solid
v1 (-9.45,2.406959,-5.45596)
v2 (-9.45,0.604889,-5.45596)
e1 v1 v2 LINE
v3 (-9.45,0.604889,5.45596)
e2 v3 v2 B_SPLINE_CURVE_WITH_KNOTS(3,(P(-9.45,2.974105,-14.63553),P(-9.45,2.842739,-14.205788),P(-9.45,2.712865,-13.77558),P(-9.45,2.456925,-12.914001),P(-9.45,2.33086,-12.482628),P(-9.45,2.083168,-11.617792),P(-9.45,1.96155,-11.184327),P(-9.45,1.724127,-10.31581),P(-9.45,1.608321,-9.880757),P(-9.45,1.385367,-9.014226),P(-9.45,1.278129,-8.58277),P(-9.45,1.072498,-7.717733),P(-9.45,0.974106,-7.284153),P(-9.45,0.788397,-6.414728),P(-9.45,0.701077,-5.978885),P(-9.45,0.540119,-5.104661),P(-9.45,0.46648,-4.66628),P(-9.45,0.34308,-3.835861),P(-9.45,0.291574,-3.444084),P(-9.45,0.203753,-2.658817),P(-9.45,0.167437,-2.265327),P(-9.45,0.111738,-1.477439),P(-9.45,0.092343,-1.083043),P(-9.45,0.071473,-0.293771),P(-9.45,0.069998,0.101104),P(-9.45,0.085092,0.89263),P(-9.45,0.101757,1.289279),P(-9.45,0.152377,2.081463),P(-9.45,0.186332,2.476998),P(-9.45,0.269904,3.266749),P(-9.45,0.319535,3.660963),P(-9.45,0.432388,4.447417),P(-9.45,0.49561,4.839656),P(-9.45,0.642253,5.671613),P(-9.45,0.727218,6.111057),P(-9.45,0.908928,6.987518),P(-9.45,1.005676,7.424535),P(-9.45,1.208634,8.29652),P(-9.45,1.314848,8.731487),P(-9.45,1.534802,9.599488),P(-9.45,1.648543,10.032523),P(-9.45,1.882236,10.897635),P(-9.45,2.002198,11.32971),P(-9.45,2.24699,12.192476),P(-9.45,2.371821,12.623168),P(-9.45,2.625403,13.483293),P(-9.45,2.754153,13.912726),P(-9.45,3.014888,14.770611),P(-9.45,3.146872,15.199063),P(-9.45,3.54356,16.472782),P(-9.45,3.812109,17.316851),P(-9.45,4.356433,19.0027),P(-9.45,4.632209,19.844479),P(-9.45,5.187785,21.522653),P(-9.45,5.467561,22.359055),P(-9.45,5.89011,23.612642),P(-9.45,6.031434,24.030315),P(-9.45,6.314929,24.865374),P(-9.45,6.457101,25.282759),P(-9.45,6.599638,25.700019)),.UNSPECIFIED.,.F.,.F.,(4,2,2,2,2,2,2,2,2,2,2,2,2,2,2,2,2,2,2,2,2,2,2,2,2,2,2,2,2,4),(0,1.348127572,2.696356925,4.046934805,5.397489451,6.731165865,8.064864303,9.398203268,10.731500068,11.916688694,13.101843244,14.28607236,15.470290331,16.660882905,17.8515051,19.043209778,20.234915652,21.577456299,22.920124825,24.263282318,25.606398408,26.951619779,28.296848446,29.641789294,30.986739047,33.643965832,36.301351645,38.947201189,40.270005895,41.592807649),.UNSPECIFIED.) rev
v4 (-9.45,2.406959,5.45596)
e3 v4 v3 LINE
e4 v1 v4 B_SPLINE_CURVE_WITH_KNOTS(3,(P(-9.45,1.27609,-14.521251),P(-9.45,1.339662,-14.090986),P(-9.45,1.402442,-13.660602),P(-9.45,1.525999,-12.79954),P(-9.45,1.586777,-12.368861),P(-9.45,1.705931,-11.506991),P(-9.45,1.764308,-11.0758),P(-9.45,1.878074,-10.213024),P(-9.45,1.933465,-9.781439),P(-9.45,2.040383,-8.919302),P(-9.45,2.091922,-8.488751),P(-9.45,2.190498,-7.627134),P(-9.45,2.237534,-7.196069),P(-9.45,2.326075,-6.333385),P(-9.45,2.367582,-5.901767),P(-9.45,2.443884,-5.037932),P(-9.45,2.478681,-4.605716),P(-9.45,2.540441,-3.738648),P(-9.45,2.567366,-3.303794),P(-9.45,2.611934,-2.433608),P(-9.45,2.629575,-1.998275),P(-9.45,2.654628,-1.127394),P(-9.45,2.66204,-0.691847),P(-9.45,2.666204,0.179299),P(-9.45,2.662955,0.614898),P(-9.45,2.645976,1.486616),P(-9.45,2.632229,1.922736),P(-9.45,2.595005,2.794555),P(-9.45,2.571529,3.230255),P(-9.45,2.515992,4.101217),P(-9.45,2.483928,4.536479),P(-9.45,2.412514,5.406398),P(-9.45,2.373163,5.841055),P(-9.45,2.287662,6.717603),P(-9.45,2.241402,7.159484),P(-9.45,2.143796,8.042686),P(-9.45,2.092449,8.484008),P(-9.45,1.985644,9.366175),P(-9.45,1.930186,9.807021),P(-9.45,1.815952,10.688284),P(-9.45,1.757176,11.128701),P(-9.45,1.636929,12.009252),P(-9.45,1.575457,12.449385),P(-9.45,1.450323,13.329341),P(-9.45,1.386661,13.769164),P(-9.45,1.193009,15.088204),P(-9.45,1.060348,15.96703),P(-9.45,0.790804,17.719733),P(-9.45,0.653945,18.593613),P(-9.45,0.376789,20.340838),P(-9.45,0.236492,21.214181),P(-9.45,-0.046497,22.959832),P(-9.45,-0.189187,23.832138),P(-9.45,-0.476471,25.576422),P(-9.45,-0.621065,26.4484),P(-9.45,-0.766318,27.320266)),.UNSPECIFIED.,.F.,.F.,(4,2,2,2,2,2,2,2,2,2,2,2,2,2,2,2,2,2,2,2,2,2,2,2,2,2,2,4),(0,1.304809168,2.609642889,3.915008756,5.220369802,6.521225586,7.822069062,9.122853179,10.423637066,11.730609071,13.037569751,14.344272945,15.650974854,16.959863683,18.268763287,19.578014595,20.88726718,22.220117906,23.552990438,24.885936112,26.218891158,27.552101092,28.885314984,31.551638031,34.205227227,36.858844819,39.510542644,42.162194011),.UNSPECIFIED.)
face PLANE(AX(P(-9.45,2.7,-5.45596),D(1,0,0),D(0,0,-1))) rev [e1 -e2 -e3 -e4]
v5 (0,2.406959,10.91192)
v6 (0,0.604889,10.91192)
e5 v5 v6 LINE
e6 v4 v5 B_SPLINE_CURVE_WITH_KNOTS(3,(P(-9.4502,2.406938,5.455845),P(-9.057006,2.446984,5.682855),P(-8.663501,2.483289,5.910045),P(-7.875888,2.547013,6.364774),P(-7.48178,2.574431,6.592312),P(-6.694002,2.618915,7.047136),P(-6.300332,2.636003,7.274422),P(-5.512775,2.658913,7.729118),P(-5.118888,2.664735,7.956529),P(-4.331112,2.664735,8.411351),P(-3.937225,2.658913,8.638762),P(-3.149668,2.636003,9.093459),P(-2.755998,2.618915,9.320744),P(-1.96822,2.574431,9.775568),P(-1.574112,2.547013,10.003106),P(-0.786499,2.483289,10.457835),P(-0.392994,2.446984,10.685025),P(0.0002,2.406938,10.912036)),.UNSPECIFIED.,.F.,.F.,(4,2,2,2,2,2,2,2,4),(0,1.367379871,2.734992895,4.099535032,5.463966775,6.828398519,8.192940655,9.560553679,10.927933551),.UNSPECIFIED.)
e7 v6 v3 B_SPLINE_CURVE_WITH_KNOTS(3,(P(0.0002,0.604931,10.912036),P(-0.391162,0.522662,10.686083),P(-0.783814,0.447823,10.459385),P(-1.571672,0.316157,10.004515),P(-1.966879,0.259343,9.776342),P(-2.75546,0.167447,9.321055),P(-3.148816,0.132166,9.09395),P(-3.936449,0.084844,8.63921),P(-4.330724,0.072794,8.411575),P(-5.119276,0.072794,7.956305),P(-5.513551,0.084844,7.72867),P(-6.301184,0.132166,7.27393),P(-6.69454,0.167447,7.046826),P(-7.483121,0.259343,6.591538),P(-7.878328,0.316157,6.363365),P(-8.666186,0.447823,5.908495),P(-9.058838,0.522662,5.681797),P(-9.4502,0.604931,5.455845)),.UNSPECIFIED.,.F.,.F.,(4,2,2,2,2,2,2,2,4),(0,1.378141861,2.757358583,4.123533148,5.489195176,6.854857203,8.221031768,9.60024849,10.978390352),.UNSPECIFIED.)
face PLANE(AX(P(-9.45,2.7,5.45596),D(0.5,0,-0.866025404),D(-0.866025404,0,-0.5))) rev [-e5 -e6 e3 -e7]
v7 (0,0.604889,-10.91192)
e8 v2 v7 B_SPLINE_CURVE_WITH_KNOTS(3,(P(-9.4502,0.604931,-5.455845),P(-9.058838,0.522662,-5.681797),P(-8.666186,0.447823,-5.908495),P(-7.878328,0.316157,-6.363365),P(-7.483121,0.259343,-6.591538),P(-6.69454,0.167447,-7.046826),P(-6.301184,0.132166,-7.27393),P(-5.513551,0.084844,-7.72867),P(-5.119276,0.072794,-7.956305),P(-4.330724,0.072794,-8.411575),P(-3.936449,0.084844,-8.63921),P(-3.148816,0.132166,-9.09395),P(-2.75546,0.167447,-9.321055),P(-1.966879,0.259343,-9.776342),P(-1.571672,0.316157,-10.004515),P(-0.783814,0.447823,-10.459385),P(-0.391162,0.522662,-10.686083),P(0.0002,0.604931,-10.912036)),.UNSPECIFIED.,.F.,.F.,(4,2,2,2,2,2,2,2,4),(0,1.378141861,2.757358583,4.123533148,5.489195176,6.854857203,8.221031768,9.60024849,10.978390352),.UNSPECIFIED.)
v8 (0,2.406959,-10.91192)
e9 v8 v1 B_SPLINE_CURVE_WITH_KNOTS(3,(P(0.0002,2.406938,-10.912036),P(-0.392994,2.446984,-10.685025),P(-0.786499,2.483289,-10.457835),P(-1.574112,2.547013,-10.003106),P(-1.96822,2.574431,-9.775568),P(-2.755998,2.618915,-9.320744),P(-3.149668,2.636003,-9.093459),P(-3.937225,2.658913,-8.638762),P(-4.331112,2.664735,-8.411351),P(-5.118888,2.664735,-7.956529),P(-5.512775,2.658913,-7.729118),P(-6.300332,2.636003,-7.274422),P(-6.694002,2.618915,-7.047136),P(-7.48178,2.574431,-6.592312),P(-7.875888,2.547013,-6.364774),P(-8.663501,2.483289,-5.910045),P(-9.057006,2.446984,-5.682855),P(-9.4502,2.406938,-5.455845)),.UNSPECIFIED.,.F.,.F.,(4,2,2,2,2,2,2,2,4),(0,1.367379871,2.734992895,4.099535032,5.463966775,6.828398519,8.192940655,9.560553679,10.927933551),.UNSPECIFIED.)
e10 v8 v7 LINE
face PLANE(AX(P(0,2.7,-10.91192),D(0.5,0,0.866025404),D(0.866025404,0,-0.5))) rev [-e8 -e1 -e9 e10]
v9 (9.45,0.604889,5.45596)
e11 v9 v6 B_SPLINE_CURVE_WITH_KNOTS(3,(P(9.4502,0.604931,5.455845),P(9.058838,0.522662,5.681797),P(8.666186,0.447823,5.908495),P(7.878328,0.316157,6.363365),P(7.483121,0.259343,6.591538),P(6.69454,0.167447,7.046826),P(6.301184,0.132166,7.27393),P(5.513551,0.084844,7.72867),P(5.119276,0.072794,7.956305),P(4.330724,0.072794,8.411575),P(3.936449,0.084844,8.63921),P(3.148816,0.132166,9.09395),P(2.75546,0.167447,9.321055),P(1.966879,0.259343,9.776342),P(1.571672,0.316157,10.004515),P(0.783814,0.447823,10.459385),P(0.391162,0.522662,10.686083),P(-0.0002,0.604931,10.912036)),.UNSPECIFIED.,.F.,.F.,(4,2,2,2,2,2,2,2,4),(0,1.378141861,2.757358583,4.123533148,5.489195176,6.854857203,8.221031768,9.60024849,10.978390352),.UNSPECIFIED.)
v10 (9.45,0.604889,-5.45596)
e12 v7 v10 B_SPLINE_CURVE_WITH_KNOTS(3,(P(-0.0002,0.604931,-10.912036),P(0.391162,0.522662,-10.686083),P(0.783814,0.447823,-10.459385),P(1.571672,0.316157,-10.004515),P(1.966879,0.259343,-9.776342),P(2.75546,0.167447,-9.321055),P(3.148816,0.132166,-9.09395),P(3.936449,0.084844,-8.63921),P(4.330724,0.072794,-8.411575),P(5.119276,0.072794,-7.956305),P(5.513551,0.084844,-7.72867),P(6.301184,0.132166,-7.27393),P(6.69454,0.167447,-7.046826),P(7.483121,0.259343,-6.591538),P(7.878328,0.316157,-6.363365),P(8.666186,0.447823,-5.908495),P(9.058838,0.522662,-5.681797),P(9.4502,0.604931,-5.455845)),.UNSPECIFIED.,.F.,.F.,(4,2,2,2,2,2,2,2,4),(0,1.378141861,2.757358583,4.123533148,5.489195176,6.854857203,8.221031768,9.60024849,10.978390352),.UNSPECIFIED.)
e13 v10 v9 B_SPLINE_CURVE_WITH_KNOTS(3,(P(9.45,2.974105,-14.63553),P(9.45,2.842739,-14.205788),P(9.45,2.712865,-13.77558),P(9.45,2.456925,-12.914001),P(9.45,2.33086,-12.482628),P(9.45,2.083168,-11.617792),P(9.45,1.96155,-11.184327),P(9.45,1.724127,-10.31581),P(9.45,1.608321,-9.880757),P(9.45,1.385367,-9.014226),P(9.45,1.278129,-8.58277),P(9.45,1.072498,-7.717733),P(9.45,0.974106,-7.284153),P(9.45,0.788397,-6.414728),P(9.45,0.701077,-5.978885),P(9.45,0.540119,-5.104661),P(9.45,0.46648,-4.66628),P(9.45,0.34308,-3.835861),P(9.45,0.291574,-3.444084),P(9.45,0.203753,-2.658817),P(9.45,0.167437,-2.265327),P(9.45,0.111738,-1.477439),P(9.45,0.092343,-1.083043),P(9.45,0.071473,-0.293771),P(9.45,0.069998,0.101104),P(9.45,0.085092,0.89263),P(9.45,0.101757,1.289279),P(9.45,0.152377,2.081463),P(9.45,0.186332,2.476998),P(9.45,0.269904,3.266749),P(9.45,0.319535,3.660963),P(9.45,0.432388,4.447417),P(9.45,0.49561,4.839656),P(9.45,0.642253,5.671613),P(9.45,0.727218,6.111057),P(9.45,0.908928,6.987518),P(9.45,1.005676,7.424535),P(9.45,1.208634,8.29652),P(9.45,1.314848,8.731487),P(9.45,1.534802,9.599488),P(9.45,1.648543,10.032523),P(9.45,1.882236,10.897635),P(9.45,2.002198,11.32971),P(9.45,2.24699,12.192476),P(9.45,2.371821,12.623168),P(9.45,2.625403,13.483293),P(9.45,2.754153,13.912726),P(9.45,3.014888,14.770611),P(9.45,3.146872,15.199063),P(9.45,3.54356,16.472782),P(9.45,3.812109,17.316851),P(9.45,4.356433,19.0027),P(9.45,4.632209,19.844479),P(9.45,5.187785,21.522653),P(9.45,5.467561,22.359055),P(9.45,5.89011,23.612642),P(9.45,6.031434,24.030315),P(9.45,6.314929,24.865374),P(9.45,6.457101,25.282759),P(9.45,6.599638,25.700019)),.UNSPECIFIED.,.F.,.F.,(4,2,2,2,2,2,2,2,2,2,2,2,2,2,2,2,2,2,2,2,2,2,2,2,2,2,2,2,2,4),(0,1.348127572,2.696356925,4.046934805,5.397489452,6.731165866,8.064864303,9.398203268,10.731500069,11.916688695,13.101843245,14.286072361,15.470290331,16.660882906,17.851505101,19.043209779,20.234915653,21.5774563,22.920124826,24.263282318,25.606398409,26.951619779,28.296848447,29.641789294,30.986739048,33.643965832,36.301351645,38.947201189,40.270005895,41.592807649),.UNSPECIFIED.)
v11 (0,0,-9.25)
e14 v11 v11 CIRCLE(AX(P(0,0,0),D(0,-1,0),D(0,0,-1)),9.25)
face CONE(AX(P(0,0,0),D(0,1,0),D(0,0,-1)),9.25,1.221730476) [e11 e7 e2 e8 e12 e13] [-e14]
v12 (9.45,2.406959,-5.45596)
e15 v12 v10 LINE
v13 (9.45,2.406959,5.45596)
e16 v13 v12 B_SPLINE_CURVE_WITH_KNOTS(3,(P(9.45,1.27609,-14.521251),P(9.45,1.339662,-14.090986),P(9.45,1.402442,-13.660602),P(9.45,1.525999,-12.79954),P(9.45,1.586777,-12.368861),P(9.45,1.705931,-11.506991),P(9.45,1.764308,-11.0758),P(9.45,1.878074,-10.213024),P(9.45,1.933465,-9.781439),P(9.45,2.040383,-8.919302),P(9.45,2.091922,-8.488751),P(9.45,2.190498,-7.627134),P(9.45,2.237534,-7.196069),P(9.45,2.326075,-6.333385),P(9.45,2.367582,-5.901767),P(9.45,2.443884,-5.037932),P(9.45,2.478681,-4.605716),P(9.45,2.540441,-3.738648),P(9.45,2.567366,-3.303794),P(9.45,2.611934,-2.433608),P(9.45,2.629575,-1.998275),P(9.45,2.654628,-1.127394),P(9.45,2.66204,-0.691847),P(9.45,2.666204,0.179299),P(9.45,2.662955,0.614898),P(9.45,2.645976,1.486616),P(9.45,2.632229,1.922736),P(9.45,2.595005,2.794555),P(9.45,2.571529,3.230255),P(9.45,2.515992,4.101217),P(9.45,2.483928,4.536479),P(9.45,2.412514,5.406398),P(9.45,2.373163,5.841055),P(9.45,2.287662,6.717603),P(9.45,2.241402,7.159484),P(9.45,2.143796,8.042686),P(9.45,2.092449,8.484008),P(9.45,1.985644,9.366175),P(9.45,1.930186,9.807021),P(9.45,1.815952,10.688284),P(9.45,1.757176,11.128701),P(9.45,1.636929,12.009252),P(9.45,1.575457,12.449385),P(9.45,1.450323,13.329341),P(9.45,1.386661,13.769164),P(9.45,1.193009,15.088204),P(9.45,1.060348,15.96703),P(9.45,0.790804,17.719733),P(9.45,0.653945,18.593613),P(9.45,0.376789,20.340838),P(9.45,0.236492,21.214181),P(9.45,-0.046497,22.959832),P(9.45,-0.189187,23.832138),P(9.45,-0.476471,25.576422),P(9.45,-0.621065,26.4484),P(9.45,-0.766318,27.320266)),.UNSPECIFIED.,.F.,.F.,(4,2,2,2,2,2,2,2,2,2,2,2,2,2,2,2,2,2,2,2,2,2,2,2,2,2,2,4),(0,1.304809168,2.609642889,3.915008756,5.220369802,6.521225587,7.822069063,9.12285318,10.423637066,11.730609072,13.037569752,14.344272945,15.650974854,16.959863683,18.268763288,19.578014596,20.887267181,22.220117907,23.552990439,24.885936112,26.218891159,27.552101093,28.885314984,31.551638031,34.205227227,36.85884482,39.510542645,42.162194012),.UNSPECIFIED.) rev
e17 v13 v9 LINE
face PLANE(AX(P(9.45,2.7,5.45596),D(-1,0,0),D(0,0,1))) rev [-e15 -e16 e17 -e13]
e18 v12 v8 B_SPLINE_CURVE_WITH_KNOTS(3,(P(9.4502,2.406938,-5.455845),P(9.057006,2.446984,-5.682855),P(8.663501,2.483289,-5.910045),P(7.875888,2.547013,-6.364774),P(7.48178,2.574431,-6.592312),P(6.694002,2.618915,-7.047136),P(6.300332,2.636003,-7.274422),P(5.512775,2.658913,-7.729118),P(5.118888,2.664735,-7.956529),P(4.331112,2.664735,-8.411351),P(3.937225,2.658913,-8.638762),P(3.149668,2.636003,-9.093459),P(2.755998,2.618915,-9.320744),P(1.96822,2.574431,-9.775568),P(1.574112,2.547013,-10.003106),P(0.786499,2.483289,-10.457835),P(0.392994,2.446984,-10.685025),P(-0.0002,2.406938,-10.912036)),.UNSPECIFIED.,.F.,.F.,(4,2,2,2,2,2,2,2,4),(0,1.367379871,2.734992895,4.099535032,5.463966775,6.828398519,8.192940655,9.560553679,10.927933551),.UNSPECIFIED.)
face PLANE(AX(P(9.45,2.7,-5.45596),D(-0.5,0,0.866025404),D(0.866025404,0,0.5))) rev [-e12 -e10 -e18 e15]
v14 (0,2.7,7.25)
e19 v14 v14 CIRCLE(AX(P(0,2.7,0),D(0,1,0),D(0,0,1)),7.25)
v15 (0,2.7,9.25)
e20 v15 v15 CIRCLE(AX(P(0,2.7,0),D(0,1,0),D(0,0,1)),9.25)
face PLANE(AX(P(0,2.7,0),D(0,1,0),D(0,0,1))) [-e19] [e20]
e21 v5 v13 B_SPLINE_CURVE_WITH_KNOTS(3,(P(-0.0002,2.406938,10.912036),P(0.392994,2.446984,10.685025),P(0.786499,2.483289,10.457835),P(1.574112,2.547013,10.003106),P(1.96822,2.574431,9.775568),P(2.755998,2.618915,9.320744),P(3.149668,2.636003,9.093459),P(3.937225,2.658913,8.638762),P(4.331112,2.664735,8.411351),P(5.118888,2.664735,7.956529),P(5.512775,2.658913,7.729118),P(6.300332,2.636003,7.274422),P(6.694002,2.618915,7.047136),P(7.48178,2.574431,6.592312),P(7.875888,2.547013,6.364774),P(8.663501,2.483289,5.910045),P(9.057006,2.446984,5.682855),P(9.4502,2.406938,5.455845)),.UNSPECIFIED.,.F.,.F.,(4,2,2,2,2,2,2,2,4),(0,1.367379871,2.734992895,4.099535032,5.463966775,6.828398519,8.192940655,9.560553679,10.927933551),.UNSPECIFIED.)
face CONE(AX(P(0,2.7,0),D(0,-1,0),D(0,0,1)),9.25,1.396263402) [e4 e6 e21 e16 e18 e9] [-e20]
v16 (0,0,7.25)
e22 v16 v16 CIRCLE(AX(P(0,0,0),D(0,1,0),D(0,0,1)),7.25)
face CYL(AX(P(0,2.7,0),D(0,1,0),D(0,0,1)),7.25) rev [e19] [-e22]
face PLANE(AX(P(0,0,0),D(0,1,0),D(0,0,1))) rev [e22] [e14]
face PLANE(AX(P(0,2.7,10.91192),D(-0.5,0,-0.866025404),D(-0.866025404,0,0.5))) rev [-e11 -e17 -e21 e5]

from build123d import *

# Parameters (mm, degrees)
SALIENTE_EXTRUIR1_DEPTH        = 2.7
CROQUIS2_OUTSIDE_W             = 57.324
CROQUIS2_OUTSIDE_H             = 60.248
CROQUIS2_OUTSIDE_R             = 9.25
CORTAR_EXTRUIR1_DEPTH          = 2.7
CORTAR_EXTRUIR1_DRAFT          = -80
CROQUIS3_OUTSIDE_W             = 41.536
CROQUIS3_OUTSIDE_H             = 44.46
CROQUIS3_OUTSIDE_R             = 9.25
CORTAR_EXTRUIR2_DEPTH          = 2.7
CORTAR_EXTRUIR2_DRAFT          = -70
TALADRO_ROSCADO_M16X1_51_D     = 14.5
TALADRO_ROSCADO_M16X1_51_DEPTH = 39.5
TALADRO_ROSCADO_M16X1_51_TIP   = 4.356239488


with BuildPart() as part:
    # Croquis1 → Saliente-Extruir1 (new body)
    with BuildSketch(Plane(origin=(0, 0, 0), x_dir=(1, 0, 0), z_dir=(0, 1, 0))):
        Polygon((0, -10.911920088), (9.45, -5.455960044), (9.45, 5.455960044), (0, 10.911920088), (-9.45, 5.455960044), (-9.45, -5.455960044), align=None)
    extrude(amount=SALIENTE_EXTRUIR1_DEPTH)


with BuildPart() as cortar_extruir1_tool:
    # Croquis2 outside → Cortar-Extruir1 (with draft: the straight prism first)
    with BuildSketch(Plane(origin=(0, 2.7, 0), x_dir=(1, 0, 0), z_dir=(0, 1, 0))):
        Rectangle(CROQUIS2_OUTSIDE_W, CROQUIS2_OUTSIDE_H)
        Circle(CROQUIS2_OUTSIDE_R, mode=Mode.SUBTRACT)
    extrude(amount=-CORTAR_EXTRUIR1_DEPTH)
    # Cortar-Extruir1: the draft: its side faces are tilted about the plane it starts from
    cortar_extruir1_sides = [cortar_extruir1_tool.faces().sort_by_distance(p)[0] for p in [
        (0, 1.35, 30.124),
        (28.662, 1.35, 0),
        (0, 1.35, -30.124),
        (-28.662, 1.35, 0),
        (-9.25, 1.35, 0),
    ]]
    draft(cortar_extruir1_sides, Plane(origin=(0, 2.7, 0), x_dir=(1, 0, 0), z_dir=(0, 1, 0)), CORTAR_EXTRUIR1_DRAFT)


with BuildPart() as part_1:
    add(part.part)

    # Cortar-Extruir1: cut by cortar_extruir1_tool
    add(cortar_extruir1_tool.part, mode=Mode.SUBTRACT)


with BuildPart() as cortar_extruir2_tool:
    # Croquis3 outside → Cortar-Extruir2 (with draft: the straight prism first)
    with BuildSketch(Plane(origin=(0, 0, 0), x_dir=(-1, 0, 0), z_dir=(0, -1, 0))):
        Rectangle(CROQUIS3_OUTSIDE_W, CROQUIS3_OUTSIDE_H)
        Circle(CROQUIS3_OUTSIDE_R, mode=Mode.SUBTRACT)
    extrude(amount=-CORTAR_EXTRUIR2_DEPTH)
    # Cortar-Extruir2: the draft: its side faces are tilted about the plane it starts from
    cortar_extruir2_sides = [cortar_extruir2_tool.faces().sort_by_distance(p)[0] for p in [
        (0, 1.35, 22.23),
        (-20.768, 1.35, 0),
        (0, 1.35, -22.23),
        (20.768, 1.35, 0),
        (9.25, 1.35, 0),
    ]]
    draft(cortar_extruir2_sides, Plane(origin=(0, 0, 0), x_dir=(-1, 0, 0), z_dir=(0, -1, 0)), CORTAR_EXTRUIR2_DRAFT)


with BuildPart() as part_2:
    add(part_1.part)

    # Cortar-Extruir2: cut by cortar_extruir2_tool
    add(cortar_extruir2_tool.part, mode=Mode.SUBTRACT)

    # Taladro roscado M16x1.51
    with Locations(Plane(origin=(0, 2.7, 0), x_dir=(1, 0, 0), z_dir=(0, 1, 0))):
        with Locations((0, 0)):
            Hole(TALADRO_ROSCADO_M16X1_51_D / 2, depth=TALADRO_ROSCADO_M16X1_51_DEPTH)
            with Locations((0, 0, -(TALADRO_ROSCADO_M16X1_51_DEPTH + TALADRO_ROSCADO_M16X1_51_TIP / 2))):  # 118° drill point
                Cone(0, TALADRO_ROSCADO_M16X1_51_D / 2, TALADRO_ROSCADO_M16X1_51_TIP, mode=Mode.SUBTRACT)


solid = part_2.part
